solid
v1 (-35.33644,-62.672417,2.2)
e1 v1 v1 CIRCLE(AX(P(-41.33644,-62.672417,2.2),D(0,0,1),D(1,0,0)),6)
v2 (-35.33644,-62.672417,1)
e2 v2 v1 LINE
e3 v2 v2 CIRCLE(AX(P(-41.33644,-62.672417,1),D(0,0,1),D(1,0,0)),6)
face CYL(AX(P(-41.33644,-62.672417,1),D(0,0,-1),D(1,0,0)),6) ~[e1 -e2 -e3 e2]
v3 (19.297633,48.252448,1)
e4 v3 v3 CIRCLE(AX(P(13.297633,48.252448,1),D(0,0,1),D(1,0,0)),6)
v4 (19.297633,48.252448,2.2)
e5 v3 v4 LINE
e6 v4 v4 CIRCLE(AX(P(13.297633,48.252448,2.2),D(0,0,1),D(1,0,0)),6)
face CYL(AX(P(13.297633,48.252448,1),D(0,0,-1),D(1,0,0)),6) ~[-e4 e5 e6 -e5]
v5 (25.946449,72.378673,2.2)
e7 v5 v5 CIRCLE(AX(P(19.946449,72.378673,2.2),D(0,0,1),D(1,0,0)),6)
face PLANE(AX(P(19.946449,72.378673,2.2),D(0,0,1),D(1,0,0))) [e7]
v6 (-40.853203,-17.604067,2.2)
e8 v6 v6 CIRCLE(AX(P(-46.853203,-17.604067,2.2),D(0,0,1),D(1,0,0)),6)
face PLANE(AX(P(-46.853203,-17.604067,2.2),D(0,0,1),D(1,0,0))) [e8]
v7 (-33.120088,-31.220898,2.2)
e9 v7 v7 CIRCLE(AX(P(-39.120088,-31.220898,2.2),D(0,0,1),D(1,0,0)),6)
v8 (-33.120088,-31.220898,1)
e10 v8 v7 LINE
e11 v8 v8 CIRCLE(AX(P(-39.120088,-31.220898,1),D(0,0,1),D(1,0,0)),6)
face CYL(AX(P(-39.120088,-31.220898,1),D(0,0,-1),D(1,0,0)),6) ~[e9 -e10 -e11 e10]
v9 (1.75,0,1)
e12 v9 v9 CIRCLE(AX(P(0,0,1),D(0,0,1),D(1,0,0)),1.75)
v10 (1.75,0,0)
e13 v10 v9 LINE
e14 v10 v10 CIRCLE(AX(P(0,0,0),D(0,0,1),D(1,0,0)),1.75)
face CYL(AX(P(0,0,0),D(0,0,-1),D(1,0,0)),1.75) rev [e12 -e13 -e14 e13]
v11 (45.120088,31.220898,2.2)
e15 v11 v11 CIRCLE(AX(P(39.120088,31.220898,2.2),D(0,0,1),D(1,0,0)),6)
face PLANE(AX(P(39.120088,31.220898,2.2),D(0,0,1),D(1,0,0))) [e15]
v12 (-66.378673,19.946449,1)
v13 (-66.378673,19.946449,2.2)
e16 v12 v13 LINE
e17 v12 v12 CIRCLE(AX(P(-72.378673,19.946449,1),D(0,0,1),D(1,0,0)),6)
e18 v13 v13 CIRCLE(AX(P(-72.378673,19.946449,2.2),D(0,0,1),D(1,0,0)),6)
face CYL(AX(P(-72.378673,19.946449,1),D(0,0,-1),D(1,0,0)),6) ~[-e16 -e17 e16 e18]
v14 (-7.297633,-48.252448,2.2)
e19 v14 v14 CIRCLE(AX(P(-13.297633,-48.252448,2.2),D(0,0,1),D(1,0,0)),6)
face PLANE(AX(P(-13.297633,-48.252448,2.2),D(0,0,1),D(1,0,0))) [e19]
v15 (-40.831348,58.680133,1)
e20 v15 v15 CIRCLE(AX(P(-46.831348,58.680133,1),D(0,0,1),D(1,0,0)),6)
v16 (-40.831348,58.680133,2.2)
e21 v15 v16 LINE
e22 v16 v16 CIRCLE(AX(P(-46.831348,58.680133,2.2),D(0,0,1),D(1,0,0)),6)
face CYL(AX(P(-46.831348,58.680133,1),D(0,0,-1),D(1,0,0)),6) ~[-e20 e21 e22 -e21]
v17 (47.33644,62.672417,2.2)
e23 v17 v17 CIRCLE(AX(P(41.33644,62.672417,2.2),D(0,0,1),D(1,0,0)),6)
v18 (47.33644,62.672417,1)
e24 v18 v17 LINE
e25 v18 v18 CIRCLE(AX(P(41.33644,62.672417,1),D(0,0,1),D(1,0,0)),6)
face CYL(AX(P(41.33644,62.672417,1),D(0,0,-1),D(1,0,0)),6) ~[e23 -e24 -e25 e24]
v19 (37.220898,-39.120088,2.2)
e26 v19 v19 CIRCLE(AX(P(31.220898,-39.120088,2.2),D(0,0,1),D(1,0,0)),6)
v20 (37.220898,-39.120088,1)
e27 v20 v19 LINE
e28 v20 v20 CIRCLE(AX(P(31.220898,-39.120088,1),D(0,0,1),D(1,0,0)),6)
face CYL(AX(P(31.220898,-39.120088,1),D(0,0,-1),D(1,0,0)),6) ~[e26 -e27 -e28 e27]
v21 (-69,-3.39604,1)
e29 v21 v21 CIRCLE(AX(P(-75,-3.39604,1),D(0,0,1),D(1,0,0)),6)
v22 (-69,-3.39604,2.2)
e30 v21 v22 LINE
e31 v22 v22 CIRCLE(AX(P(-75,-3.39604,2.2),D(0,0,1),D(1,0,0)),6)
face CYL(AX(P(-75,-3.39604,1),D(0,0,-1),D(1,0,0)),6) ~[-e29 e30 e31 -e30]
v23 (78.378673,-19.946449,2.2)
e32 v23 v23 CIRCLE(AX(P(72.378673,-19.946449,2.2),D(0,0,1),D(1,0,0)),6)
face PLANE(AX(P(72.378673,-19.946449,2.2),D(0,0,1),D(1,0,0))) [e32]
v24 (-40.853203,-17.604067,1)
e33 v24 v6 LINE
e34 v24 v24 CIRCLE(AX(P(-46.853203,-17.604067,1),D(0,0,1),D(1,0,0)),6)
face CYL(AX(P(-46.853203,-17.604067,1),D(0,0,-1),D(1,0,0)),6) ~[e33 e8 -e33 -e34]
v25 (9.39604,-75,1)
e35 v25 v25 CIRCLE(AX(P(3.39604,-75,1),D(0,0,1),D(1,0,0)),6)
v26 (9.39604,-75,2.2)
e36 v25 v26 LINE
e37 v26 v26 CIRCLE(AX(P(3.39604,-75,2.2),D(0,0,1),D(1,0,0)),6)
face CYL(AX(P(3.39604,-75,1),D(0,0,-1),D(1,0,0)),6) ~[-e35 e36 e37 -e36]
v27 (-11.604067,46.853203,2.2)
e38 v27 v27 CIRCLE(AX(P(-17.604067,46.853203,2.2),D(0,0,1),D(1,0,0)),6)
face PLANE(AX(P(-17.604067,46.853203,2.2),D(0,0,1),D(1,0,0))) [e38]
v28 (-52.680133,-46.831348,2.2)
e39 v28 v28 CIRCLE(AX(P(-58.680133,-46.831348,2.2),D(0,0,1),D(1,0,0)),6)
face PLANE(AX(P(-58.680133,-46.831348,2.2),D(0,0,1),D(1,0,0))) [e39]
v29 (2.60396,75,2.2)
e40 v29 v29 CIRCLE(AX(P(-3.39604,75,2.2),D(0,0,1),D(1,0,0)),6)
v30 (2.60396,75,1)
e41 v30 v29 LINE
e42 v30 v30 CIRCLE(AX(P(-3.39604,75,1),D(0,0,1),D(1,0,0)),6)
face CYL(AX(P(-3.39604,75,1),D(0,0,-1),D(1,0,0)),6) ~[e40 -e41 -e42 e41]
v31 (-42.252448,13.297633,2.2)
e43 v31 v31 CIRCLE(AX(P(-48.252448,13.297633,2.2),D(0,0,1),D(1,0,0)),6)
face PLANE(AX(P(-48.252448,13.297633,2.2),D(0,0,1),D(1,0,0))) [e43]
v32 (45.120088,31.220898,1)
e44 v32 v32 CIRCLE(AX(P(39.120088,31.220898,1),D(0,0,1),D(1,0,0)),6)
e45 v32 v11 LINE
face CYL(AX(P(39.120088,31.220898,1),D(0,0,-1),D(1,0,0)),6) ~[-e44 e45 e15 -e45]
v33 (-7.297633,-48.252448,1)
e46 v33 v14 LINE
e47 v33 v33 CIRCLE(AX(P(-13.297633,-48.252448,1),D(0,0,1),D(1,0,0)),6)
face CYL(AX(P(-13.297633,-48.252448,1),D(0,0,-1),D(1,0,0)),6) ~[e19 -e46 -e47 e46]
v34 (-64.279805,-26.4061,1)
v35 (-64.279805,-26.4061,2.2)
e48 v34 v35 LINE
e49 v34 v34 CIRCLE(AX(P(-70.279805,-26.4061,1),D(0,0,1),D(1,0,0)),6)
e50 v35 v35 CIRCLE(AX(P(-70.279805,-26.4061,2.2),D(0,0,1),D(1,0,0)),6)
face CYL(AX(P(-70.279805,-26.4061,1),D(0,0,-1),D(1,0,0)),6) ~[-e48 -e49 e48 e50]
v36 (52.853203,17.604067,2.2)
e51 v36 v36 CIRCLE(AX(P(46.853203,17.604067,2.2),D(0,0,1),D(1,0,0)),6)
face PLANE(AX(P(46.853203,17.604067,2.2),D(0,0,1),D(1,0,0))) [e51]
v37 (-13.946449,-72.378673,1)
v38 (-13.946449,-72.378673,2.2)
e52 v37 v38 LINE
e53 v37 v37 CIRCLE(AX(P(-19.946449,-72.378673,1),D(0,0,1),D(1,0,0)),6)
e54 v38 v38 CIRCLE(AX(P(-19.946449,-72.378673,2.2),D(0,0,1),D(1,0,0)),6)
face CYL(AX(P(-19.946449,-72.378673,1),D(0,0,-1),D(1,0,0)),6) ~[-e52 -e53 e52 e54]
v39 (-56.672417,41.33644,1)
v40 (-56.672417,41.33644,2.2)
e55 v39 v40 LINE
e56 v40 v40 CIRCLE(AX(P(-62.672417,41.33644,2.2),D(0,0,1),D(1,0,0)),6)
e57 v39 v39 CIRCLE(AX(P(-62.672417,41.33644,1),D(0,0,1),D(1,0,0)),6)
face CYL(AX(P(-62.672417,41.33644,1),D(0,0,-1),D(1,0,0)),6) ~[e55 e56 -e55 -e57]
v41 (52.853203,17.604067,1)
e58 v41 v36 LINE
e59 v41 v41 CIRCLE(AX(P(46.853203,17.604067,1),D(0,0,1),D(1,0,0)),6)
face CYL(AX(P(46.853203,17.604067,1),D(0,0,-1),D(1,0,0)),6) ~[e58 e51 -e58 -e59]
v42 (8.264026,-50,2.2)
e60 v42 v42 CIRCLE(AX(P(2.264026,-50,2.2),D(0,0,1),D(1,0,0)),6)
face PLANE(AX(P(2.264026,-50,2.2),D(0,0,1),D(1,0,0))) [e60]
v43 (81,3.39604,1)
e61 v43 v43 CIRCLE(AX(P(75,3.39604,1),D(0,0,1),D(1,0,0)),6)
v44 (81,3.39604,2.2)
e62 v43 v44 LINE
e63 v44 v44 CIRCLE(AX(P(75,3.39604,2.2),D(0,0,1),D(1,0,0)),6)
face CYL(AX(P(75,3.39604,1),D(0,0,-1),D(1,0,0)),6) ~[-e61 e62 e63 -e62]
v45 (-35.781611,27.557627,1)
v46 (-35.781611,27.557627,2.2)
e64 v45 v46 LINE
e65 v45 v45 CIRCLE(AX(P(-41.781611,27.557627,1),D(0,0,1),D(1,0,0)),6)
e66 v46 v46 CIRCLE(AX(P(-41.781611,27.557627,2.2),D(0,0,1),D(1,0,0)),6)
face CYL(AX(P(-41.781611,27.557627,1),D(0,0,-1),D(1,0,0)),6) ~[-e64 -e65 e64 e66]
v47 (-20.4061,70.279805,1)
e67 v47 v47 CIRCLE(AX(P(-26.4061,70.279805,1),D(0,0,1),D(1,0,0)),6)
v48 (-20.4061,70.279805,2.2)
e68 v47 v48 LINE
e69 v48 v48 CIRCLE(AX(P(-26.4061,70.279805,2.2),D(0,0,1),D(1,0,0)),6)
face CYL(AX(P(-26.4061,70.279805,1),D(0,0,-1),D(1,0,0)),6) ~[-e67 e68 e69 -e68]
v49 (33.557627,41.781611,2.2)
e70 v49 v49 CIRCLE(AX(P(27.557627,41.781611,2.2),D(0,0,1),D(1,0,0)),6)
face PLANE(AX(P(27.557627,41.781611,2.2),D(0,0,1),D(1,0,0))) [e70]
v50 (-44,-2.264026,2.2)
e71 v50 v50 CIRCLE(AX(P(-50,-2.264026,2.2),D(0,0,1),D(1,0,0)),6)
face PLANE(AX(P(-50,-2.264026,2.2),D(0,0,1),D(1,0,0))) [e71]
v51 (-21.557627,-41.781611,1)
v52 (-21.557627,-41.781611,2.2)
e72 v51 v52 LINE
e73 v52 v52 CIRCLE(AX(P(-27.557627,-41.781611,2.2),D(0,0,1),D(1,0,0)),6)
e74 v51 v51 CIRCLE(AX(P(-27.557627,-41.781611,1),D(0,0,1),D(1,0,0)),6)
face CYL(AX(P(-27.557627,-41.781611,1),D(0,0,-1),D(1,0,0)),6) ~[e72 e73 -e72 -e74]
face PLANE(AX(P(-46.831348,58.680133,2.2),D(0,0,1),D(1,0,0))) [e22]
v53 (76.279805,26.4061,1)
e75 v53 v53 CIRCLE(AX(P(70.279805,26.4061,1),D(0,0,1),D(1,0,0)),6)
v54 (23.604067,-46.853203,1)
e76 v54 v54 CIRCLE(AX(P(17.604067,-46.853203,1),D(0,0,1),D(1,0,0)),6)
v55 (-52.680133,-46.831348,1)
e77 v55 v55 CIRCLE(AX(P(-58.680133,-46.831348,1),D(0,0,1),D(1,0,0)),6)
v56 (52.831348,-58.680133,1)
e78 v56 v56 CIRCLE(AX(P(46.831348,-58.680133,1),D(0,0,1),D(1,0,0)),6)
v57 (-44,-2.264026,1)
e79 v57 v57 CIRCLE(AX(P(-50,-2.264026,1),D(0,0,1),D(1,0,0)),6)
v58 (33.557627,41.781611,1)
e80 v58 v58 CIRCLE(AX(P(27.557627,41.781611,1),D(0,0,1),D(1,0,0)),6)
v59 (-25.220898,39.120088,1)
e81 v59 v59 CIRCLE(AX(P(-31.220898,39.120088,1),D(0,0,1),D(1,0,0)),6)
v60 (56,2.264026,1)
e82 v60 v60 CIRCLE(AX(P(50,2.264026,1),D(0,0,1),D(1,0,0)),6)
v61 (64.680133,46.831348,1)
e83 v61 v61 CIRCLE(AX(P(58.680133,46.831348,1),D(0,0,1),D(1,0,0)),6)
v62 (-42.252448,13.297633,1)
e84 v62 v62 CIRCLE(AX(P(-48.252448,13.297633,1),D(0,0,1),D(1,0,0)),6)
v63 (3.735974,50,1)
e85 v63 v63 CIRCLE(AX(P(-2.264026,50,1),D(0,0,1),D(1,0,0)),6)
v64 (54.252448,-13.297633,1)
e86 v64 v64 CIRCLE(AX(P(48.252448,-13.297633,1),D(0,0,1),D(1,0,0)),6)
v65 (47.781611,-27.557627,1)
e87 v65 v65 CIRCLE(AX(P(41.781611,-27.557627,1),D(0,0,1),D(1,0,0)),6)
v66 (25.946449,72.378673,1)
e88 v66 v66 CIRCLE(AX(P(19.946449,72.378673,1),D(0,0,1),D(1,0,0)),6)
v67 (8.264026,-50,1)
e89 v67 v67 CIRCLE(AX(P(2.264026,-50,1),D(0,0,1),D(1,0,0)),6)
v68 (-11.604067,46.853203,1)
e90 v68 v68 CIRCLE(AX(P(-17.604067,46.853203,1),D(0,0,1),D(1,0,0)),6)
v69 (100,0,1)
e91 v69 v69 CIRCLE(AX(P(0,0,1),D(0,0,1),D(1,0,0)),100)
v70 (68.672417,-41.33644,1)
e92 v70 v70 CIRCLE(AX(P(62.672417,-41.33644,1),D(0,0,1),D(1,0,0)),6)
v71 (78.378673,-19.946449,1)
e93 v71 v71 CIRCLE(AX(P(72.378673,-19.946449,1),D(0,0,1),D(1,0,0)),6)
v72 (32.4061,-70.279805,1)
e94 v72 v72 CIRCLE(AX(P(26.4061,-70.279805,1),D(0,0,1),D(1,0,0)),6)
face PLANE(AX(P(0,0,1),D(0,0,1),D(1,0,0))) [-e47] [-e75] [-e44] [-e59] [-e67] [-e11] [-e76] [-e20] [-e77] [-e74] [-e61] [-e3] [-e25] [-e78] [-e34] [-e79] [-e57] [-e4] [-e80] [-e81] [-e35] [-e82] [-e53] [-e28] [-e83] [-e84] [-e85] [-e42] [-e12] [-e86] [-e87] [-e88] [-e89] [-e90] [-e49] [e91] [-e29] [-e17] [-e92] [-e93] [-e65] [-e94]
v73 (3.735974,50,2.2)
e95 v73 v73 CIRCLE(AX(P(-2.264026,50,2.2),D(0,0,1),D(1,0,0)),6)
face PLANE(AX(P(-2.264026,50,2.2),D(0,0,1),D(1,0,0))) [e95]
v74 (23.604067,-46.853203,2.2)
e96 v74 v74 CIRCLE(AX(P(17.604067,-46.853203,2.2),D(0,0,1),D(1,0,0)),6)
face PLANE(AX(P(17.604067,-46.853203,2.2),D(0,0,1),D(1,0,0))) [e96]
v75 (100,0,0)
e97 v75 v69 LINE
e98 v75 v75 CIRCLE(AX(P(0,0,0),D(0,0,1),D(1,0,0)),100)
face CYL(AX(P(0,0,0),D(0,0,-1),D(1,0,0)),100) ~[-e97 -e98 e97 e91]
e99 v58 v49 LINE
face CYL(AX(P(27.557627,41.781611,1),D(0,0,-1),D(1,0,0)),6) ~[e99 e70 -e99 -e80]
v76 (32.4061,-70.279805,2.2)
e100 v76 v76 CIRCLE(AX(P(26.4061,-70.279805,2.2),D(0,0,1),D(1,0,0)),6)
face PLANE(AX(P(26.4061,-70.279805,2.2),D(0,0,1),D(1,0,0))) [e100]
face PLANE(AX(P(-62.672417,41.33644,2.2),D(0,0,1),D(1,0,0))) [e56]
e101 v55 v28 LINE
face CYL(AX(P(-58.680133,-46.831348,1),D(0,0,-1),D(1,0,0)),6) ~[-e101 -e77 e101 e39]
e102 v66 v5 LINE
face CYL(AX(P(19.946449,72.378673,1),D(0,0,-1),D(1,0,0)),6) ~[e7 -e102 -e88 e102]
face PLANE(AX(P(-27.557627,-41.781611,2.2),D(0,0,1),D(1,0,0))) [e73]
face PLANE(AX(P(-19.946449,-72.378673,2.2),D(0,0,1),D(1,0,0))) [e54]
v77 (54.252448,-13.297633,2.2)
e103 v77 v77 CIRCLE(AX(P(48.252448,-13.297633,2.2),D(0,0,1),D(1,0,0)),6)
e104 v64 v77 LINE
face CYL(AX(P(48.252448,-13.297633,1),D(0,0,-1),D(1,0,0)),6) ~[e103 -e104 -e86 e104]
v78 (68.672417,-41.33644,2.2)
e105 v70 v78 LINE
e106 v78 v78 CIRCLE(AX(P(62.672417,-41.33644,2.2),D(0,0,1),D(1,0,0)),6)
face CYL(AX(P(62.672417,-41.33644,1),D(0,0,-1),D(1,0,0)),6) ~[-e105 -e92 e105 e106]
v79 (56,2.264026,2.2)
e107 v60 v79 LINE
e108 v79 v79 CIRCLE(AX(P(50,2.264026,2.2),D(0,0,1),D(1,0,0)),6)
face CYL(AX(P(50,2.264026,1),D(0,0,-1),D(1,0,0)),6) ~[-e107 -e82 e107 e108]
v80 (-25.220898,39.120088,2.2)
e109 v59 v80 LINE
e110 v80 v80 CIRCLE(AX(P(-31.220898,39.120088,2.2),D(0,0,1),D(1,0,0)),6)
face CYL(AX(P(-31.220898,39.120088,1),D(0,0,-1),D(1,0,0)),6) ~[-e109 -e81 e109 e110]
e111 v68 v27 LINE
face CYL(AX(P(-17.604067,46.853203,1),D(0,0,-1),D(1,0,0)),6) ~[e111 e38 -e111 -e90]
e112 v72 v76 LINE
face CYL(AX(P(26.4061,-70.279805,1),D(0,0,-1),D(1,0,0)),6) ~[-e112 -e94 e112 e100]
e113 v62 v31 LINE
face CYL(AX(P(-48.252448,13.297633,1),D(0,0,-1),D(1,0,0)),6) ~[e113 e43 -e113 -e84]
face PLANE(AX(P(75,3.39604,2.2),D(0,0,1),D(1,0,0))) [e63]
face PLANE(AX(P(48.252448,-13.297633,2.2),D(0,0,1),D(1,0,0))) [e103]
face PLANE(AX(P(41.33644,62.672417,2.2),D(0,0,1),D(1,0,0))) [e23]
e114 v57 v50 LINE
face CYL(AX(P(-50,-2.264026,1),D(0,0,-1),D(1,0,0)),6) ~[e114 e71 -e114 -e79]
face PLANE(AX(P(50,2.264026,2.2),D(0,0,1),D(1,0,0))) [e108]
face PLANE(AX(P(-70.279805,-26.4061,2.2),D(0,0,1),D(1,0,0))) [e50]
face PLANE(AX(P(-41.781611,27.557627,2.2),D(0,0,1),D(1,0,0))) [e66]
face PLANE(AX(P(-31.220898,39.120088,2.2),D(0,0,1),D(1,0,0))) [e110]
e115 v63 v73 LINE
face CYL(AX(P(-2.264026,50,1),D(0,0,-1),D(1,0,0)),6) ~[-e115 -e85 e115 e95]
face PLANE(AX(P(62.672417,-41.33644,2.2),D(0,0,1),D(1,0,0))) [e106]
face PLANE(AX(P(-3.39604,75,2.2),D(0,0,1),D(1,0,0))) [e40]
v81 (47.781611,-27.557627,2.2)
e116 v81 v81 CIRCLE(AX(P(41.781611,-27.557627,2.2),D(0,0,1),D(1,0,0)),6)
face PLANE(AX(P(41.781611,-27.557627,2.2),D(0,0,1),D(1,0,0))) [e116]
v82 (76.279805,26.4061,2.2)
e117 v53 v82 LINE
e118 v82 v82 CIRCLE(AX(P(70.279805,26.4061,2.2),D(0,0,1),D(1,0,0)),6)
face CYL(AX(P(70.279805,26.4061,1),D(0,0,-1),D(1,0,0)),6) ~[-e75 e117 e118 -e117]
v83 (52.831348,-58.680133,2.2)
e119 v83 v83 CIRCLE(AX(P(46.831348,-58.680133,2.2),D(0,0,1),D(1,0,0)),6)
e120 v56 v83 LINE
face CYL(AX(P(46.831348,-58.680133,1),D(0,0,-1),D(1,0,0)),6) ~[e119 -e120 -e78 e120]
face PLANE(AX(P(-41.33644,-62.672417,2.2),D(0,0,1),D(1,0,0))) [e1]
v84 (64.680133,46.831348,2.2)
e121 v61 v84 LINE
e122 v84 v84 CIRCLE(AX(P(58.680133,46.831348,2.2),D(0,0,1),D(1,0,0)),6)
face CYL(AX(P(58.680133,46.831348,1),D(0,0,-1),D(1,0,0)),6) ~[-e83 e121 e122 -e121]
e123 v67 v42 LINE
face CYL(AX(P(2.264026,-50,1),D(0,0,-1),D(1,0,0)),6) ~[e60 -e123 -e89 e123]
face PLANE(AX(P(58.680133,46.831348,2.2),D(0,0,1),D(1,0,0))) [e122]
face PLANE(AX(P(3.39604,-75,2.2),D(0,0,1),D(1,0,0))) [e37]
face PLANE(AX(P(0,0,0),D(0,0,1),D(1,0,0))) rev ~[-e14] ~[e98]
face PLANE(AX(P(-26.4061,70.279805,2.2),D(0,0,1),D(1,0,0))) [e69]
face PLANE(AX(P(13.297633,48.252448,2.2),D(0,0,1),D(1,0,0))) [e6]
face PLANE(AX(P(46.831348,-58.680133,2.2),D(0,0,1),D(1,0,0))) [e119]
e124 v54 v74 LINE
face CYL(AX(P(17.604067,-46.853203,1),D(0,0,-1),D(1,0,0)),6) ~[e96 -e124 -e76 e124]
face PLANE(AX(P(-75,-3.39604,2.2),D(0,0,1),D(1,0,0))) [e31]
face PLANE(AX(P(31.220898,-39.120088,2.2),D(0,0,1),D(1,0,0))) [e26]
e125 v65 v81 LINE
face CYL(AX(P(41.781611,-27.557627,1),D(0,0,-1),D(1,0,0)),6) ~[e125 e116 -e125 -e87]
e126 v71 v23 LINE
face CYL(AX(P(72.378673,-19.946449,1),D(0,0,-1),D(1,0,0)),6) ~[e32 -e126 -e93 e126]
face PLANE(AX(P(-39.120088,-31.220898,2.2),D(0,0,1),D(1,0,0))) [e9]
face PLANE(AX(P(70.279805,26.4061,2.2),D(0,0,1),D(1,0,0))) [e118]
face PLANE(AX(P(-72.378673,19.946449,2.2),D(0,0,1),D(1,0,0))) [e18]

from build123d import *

# Parameters (mm, degrees)
SKETCH1_R           = 100
SKETCH1_R_2         = 1.75
BOSS_EXTRUDE1_DEPTH = 1
SKETCH2_R           = 6
BOSS_EXTRUDE2_DEPTH = 1.2


with BuildPart() as part:
    # Sketch1 → Boss-Extrude1 (new body)
    with BuildSketch(Plane.XY):
        Circle(SKETCH1_R)
        Circle(SKETCH1_R_2, mode=Mode.SUBTRACT)
    extrude(amount=BOSS_EXTRUDE1_DEPTH)

    # Sketch2 → Boss-Extrude2 (add)
    with BuildSketch(Plane.XY.offset(1)):
        with Locations((-3.396039654, 75)):
            Circle(SKETCH2_R)
        with Locations((19.946448935, 72.378672689)):
            Circle(SKETCH2_R)
        with Locations((41.336440128, 62.672416603)):
            Circle(SKETCH2_R)
        with Locations((58.680132553, 46.831347716)):
            Circle(SKETCH2_R)
        with Locations((70.279804755, 26.406100221)):
            Circle(SKETCH2_R)
        with Locations((75, 3.396039654)):
            Circle(SKETCH2_R)
        with Locations((72.378672689, -19.946448935)):
            Circle(SKETCH2_R)
        with Locations((62.672416603, -41.336440128)):
            Circle(SKETCH2_R)
        with Locations((46.831347716, -58.680132553)):
            Circle(SKETCH2_R)
        with Locations((26.406100221, -70.279804755)):
            Circle(SKETCH2_R)
        with Locations((3.396039654, -75)):
            Circle(SKETCH2_R)
        with Locations((-19.946448935, -72.378672689)):
            Circle(SKETCH2_R)
        with Locations((-41.336440128, -62.672416603)):
            Circle(SKETCH2_R)
        with Locations((-58.680132553, -46.831347716)):
            Circle(SKETCH2_R)
        with Locations((-70.279804755, -26.406100221)):
            Circle(SKETCH2_R)
        with Locations((-75, -3.396039654)):
            Circle(SKETCH2_R)
        with Locations((-72.378672689, 19.946448935)):
            Circle(SKETCH2_R)
        with Locations((-62.672416603, 41.336440128)):
            Circle(SKETCH2_R)
        with Locations((-46.831347716, 58.680132553)):
            Circle(SKETCH2_R)
        with Locations((-26.406100221, 70.279804755)):
            Circle(SKETCH2_R)
        with Locations((-2.264026436, 50)):
            Circle(SKETCH2_R)
        with Locations((13.297632623, 48.252448459)):
            Circle(SKETCH2_R)
        with Locations((27.557626752, 41.781611069)):
            Circle(SKETCH2_R)
        with Locations((39.120088369, 31.220898477)):
            Circle(SKETCH2_R)
        with Locations((46.85320317, 17.604066814)):
            Circle(SKETCH2_R)
        with Locations((50, 2.264026436)):
            Circle(SKETCH2_R)
        with Locations((48.252448459, -13.297632623)):
            Circle(SKETCH2_R)
        with Locations((41.781611069, -27.557626752)):
            Circle(SKETCH2_R)
        with Locations((31.220898477, -39.120088369)):
            Circle(SKETCH2_R)
        with Locations((17.604066814, -46.85320317)):
            Circle(SKETCH2_R)
        with Locations((2.264026436, -50)):
            Circle(SKETCH2_R)
        with Locations((-13.297632623, -48.252448459)):
            Circle(SKETCH2_R)
        with Locations((-27.557626752, -41.781611069)):
            Circle(SKETCH2_R)
        with Locations((-39.120088369, -31.220898477)):
            Circle(SKETCH2_R)
        with Locations((-46.85320317, -17.604066814)):
            Circle(SKETCH2_R)
        with Locations((-50, -2.264026436)):
            Circle(SKETCH2_R)
        with Locations((-48.252448459, 13.297632623)):
            Circle(SKETCH2_R)
        with Locations((-41.781611069, 27.557626752)):
            Circle(SKETCH2_R)
        with Locations((-31.220898477, 39.120088369)):
            Circle(SKETCH2_R)
        with Locations((-17.604066814, 46.85320317)):
            Circle(SKETCH2_R)
    extrude(amount=BOSS_EXTRUDE2_DEPTH)


solid = part.part
